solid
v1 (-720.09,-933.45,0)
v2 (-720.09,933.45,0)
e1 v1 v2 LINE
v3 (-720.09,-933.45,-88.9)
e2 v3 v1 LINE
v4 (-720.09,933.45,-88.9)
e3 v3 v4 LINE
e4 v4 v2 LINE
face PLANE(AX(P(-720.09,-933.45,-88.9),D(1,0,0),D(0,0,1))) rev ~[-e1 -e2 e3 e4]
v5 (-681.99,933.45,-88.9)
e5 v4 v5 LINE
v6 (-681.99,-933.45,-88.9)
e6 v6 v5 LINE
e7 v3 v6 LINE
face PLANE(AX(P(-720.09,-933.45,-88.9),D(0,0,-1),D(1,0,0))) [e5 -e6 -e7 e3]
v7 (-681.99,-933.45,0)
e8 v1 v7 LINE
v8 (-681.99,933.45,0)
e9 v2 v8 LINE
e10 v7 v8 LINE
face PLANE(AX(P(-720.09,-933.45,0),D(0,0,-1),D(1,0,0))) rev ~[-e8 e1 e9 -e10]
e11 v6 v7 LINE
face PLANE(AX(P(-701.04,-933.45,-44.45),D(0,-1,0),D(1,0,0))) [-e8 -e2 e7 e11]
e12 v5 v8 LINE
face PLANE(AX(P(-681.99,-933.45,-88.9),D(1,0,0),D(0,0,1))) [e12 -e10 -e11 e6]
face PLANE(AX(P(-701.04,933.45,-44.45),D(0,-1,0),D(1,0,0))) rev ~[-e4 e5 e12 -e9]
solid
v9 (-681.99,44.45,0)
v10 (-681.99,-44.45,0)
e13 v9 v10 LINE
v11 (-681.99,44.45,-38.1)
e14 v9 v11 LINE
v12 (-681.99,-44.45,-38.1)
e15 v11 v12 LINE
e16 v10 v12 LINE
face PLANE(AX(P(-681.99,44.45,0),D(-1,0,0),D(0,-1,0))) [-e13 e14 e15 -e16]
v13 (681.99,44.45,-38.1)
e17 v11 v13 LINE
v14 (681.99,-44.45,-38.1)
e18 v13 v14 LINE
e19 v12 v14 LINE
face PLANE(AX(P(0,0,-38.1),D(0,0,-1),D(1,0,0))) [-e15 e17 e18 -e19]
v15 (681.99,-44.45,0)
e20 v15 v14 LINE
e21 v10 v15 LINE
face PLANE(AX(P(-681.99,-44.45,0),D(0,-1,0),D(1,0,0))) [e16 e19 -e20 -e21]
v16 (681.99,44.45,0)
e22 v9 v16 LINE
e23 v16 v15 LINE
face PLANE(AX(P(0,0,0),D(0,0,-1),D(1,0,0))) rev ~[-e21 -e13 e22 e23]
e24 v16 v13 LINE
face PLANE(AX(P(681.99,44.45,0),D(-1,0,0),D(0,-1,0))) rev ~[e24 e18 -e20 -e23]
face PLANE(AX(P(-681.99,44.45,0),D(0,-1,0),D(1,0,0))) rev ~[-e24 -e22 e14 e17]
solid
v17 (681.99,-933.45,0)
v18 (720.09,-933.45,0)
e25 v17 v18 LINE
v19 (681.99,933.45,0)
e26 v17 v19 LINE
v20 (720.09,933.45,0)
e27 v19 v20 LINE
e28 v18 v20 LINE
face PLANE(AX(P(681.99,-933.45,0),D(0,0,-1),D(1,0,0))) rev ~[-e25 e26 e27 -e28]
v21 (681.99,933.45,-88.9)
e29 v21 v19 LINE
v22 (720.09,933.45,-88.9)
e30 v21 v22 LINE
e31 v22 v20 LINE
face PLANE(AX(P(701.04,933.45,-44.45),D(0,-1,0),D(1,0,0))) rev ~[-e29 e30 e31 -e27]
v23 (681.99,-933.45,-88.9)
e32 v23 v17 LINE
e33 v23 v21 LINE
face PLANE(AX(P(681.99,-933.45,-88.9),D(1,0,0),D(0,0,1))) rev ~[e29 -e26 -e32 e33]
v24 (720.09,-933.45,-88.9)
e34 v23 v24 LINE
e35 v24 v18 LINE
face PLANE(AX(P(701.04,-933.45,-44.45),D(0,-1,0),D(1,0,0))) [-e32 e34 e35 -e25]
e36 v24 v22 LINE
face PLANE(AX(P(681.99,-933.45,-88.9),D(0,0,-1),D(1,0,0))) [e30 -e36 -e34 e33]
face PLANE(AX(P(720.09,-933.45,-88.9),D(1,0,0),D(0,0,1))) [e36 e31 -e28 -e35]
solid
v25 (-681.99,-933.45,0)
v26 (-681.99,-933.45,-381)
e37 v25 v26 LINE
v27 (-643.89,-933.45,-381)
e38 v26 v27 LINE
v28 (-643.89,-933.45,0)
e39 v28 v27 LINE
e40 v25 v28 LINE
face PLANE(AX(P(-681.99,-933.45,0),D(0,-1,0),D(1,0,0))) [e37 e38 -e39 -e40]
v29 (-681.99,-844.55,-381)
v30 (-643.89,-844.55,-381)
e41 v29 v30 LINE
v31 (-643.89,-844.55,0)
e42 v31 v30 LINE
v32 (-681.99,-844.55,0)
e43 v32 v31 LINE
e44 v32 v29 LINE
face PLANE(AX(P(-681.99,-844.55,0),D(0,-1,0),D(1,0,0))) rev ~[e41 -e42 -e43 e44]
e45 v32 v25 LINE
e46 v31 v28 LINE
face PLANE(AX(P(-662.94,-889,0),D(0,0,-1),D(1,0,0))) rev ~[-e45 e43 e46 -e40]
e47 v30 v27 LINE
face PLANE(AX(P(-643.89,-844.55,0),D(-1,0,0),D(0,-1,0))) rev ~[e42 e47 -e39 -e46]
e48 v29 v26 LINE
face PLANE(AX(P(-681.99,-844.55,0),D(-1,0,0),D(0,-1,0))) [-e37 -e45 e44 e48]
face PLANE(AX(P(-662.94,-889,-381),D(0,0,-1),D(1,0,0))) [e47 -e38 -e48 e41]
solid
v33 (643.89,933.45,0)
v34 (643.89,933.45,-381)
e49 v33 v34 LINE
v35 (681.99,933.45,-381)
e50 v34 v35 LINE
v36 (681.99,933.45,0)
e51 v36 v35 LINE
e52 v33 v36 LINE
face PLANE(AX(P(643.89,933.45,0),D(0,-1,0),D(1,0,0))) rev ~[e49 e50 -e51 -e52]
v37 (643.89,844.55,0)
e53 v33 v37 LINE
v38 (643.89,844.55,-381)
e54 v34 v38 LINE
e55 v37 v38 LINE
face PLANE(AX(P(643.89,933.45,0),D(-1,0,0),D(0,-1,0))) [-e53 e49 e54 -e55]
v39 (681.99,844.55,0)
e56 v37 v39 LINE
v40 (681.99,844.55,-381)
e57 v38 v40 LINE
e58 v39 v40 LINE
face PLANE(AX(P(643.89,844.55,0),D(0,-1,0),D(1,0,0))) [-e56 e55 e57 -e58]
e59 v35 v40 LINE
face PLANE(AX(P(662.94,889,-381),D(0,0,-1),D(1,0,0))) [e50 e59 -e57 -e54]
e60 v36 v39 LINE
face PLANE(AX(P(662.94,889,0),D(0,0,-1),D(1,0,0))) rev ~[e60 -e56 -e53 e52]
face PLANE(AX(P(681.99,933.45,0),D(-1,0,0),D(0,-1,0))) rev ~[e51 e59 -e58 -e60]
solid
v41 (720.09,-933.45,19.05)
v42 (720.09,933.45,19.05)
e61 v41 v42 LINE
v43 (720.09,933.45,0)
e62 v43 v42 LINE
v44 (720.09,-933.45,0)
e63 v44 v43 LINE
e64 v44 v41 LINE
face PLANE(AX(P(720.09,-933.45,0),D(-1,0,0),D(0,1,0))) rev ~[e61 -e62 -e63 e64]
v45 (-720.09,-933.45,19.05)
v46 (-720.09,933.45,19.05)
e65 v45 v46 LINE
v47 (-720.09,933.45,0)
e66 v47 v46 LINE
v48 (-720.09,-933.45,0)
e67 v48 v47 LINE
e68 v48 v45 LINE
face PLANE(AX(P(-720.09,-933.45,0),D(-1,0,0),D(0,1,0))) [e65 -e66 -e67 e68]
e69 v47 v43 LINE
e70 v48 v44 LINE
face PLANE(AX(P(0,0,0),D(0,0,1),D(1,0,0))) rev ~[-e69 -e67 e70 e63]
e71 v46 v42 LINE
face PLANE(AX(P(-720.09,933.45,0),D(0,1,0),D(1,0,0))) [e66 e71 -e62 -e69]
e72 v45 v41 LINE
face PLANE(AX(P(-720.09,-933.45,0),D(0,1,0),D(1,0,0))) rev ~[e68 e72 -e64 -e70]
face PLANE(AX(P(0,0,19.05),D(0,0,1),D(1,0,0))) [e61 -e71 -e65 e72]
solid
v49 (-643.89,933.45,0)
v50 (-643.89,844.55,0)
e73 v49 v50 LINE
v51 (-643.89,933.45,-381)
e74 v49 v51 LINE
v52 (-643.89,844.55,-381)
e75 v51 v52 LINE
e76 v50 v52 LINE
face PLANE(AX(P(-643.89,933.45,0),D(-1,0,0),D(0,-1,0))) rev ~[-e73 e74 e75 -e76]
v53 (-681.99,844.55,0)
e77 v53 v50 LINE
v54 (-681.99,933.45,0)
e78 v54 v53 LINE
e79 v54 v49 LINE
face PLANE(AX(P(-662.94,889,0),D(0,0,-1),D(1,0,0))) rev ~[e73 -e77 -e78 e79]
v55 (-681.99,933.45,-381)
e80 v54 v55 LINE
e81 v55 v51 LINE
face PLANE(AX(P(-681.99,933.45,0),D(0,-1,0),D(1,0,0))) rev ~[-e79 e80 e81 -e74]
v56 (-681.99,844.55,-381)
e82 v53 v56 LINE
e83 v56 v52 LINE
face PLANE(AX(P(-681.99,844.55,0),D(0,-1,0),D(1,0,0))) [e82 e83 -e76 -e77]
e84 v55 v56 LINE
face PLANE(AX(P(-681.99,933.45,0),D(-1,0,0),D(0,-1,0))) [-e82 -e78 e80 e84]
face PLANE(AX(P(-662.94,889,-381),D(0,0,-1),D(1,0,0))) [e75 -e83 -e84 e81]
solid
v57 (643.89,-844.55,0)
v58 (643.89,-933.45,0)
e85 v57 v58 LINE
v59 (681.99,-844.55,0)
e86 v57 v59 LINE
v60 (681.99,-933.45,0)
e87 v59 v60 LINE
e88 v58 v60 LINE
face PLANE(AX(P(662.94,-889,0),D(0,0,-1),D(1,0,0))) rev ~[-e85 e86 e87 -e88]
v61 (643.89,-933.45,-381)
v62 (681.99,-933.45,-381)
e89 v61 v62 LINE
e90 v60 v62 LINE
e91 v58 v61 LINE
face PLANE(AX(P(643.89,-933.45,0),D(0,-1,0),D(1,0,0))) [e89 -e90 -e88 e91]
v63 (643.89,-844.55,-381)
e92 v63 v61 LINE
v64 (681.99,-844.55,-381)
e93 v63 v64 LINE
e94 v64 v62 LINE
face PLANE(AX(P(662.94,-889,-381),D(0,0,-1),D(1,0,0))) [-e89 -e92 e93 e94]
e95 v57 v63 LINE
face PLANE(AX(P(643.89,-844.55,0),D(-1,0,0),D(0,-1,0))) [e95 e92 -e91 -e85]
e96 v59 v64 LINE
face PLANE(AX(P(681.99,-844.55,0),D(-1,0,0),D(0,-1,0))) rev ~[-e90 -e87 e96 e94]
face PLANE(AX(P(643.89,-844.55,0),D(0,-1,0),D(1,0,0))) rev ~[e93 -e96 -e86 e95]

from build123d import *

# Parameters (mm, degrees)
F0_W     = 1440.18
F0_H     = 1866.9
F1_DEPTH = 19.05
F2_W     = 38.1
F2_H     = 88.9
F3_DEPTH = 1866.9
F4_W     = 38.1
F4_H     = 88.9
F5_DEPTH = 381
F6_W     = 1363.98
F6_H     = 88.9
F7_DEPTH = 38.1


with BuildPart() as f1:
    # F0 (on Top) → F1 (new body)
    with BuildSketch(Plane.XY):
        Rectangle(F0_W, F0_H)
    extrude(amount=F1_DEPTH)


with BuildPart() as f3:
    # F2 (on face) → F3 (new body, through all)
    with BuildSketch(Plane.XZ.offset(933.45)):
        with Locations((701.04, -44.45)):
            Rectangle(F2_W, F2_H)
        with Locations((-701.04, -44.45)):
            Rectangle(F2_W, F2_H)
    extrude(amount=-F3_DEPTH)


with BuildPart() as f5:
    # F4 (on face) → F5 (new body)
    with BuildSketch(Plane(origin=(0, 0, 0), x_dir=(1, 0, 0), z_dir=(0, 0, -1))):
        with Locations((-662.94, 889)):
            Rectangle(F4_W, F4_H)
        with Locations((662.94, 889)):
            Rectangle(F4_W, F4_H)
        with Locations((-662.94, -889)):
            Rectangle(F4_W, F4_H)
        with Locations((662.94, -889)):
            Rectangle(F4_W, F4_H)
    extrude(amount=F5_DEPTH)


with BuildPart() as f7:
    # F6 (on face) → F7 (new body)
    with BuildSketch(Plane(origin=(0, 0, 0), x_dir=(1, 0, 0), z_dir=(0, 0, -1))):
        Rectangle(F6_W, F6_H)
    extrude(amount=F7_DEPTH)


solid = Compound([f1.part, f3.part, f5.part, f7.part])
